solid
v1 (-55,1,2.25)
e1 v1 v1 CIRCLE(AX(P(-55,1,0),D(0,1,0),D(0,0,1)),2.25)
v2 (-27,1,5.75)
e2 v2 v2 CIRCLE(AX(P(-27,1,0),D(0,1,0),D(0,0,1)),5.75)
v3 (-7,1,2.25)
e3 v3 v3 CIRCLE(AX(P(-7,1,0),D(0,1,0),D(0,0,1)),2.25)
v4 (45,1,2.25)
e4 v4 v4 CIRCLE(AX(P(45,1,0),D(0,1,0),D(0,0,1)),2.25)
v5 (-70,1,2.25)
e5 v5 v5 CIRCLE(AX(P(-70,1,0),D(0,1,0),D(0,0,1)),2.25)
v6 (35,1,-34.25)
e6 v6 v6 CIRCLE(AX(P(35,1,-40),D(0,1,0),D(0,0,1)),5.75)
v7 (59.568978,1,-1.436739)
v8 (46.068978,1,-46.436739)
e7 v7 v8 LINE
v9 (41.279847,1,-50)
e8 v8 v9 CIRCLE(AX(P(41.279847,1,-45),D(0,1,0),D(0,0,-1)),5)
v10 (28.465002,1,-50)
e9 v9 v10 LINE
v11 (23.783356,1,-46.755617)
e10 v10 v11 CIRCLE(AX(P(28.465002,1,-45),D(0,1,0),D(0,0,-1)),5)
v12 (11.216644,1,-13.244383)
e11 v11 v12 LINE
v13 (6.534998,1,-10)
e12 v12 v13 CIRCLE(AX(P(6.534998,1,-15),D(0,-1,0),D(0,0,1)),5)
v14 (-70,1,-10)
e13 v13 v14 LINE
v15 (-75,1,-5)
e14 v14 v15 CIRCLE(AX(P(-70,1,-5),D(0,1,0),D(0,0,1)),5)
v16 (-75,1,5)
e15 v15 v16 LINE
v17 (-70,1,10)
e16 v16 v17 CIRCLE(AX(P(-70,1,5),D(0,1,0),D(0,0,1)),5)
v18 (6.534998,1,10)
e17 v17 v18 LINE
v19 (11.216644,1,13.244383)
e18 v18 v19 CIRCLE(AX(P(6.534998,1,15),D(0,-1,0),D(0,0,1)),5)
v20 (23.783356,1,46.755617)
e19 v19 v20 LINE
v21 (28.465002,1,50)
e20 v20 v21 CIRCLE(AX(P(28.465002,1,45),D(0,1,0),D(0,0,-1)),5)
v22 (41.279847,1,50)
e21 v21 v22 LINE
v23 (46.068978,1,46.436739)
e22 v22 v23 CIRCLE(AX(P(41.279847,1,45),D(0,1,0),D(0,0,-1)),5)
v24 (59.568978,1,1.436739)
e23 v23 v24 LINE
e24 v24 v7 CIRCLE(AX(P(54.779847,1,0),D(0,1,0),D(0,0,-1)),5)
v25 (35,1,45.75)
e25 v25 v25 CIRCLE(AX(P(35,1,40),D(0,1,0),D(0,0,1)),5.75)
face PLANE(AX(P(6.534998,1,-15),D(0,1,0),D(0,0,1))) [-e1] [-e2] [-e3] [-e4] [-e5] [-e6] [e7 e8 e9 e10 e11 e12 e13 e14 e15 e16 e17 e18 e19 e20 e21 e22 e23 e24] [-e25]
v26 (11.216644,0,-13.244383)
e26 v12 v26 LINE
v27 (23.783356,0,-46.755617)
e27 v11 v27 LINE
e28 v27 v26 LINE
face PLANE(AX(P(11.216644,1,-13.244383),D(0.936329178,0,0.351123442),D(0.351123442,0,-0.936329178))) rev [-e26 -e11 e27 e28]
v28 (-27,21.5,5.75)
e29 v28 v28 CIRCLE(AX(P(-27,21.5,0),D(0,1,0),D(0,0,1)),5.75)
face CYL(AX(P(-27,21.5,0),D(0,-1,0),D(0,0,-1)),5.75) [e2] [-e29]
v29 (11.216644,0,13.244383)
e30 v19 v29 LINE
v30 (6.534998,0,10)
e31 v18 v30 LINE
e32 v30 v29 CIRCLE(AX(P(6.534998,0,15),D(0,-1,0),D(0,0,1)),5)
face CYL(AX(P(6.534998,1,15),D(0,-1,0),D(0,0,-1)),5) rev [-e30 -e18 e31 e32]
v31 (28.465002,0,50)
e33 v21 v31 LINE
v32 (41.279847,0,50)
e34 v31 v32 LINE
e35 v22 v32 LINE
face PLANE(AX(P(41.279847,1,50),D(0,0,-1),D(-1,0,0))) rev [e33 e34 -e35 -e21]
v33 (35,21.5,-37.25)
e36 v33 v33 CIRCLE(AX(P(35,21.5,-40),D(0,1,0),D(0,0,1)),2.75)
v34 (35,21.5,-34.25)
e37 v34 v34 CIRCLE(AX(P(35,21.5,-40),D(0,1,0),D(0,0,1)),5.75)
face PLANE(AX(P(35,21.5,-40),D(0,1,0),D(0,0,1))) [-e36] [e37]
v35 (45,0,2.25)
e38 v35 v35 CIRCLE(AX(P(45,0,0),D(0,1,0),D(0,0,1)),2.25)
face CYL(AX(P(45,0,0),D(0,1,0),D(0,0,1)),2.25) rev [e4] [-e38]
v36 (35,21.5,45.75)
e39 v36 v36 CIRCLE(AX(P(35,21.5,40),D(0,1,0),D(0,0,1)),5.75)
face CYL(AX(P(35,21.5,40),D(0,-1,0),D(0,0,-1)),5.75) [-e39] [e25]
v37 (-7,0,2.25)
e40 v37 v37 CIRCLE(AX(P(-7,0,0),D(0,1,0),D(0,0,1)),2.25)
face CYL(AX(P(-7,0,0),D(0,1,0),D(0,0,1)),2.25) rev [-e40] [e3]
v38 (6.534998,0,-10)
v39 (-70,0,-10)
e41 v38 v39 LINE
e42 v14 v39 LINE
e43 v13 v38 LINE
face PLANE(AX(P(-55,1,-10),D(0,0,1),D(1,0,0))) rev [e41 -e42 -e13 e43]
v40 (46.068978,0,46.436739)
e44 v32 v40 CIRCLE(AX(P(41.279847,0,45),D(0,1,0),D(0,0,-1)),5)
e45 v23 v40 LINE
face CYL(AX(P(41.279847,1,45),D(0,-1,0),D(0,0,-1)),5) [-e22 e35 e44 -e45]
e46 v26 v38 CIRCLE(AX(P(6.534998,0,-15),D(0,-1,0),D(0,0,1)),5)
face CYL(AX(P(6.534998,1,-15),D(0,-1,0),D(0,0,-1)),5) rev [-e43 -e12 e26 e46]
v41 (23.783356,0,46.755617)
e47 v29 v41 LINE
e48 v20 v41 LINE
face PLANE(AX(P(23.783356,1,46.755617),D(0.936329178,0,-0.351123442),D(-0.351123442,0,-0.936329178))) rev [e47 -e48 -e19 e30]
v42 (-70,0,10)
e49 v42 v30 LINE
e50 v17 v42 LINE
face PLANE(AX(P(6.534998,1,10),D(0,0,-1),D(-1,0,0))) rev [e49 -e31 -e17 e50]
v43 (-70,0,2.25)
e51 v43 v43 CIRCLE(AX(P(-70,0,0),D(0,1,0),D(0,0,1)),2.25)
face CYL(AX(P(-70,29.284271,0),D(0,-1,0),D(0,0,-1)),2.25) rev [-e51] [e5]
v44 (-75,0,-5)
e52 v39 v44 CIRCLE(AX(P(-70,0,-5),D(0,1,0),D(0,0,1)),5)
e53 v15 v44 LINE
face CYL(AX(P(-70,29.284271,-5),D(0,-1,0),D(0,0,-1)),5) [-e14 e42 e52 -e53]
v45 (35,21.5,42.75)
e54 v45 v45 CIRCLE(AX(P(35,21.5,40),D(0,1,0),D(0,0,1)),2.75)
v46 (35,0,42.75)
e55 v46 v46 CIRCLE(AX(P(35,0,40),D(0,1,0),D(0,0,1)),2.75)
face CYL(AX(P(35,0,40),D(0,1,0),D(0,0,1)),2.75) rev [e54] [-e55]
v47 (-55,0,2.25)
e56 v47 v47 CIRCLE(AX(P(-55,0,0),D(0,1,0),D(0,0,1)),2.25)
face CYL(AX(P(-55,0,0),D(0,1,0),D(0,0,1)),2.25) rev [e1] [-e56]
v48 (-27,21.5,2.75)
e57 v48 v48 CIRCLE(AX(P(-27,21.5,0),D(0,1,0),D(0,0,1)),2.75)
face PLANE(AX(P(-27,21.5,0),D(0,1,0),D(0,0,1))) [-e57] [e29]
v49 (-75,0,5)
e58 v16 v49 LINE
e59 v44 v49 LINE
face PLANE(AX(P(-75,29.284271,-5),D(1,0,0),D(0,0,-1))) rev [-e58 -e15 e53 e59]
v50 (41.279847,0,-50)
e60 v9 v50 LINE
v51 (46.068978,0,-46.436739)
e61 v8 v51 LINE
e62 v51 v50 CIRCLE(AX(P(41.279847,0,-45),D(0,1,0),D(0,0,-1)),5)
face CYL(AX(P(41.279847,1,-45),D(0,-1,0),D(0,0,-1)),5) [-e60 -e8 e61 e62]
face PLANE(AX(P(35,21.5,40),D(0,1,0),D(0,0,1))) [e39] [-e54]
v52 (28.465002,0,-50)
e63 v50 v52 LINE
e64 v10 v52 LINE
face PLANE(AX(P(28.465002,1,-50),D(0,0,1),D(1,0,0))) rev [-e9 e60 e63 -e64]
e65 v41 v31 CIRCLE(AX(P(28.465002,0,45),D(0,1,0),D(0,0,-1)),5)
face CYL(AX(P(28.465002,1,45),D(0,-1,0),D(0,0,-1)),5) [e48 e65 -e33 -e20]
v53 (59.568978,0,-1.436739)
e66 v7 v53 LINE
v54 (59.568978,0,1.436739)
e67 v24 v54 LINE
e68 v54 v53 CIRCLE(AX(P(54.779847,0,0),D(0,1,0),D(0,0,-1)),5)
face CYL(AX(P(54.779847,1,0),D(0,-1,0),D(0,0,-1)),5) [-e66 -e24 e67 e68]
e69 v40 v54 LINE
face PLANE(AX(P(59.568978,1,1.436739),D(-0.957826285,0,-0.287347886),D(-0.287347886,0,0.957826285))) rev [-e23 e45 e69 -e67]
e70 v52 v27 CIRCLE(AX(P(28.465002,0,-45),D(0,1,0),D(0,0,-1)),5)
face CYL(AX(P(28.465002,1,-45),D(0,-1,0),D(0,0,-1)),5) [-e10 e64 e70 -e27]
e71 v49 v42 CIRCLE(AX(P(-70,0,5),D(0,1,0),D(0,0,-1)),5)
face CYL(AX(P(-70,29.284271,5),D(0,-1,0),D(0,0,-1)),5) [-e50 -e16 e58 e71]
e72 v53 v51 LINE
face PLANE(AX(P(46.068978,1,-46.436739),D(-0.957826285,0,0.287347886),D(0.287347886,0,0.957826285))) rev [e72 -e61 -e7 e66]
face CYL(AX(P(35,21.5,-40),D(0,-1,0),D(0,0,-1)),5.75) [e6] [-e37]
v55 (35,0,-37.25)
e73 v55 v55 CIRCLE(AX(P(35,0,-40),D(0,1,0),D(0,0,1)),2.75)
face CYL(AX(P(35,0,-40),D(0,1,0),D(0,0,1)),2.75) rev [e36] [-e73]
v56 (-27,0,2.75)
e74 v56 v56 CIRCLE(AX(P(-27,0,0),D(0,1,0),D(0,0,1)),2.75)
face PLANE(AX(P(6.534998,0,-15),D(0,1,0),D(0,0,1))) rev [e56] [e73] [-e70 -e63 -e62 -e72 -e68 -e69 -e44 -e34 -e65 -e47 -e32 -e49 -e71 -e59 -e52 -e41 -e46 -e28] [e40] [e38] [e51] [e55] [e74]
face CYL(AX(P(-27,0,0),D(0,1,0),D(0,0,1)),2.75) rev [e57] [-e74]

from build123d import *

# Parameters (mm, degrees)
BOSS_EXTRUDE1_DEPTH = 1
SKETCH2_R           = 2.75
CUT_EXTRUDE1_DEPTH  = 2
SKETCH3_R           = 5.75
SKETCH3_R_2         = 2.75
BOSS_EXTRUDE2_DEPTH = 20.5
SKETCH4_R           = 2.25
CUT_EXTRUDE2_DEPTH  = 2
SKETCH5_R           = 2.25
BOSS_EXTRUDE3_DEPTH = 1
SKETCH6_R           = 2.25
CUT_EXTRUDE3_DEPTH  = 2


with BuildPart() as part:
    # Sketch1 → Boss-Extrude1 (new body)
    with BuildSketch(Plane(origin=(0, 0, 0), x_dir=(1, 0, 0), z_dir=(0, 1, 0))):
        with BuildLine():
            Line((-55, 10), (6.534997659, 10))
            ThreePointArc((6.534997659, 10), (9.382971848, 10.890371912), (11.216643547, 13.244382792))
            Line((11.216643547, 13.244382792), (23.783356453, 46.755617208))
            ThreePointArc((23.783356453, 46.755617208), (25.617028152, 49.109628088), (28.465002341, 50))
            Line((28.465002341, 50), (41.279846746, 50))
            ThreePointArc((41.279846746, 50), (44.264499394, 49.011464641), (46.068978172, 46.436739428))
            Line((46.068978172, 46.436739428), (59.568978172, 1.436739428))
            ThreePointArc((59.568978172, 1.436739428), (59.779846746, 0), (59.568978172, -1.436739428))
            Line((59.568978172, -1.436739428), (46.068978172, -46.436739428))
            ThreePointArc((46.068978172, -46.436739428), (44.264499394, -49.011464641), (41.279846746, -50))
            Line((41.279846746, -50), (28.465002341, -50))
            ThreePointArc((28.465002341, -50), (25.617028152, -49.109628088), (23.783356453, -46.755617208))
            Line((23.783356453, -46.755617208), (11.216643547, -13.244382792))
            ThreePointArc((11.216643547, -13.244382792), (9.382971848, -10.890371912), (6.534997659, -10))
            Line((6.534997659, -10), (-55, -10))
            ThreePointArc((-55, -10), (-58.535533906, -8.535533906), (-60, -5))
            Line((-60, -5), (-60, 5))
            ThreePointArc((-60, 5), (-58.535533906, 8.535533906), (-55, 10))
        make_face()
    extrude(amount=BOSS_EXTRUDE1_DEPTH)

    # Sketch2 → Cut-Extrude1 (cut, through all)
    with BuildSketch(Plane(origin=(0, 1, 0), x_dir=(1, 0, 0), z_dir=(0, 1, 0))):
        with Locations((-27, 0)):
            Circle(SKETCH2_R)
        with Locations((35, 40)):
            Circle(SKETCH2_R)
        with Locations((35, -40)):
            Circle(SKETCH2_R)
    extrude(amount=-CUT_EXTRUDE1_DEPTH, mode=Mode.SUBTRACT)

    # Sketch3 → Boss-Extrude2 (add)
    with BuildSketch(Plane(origin=(0, 1, 0), x_dir=(1, 0, 0), z_dir=(0, 1, 0))):
        with Locations((-27, 0)):
            Circle(SKETCH3_R)
        with Locations((-27, 0)):
            Circle(SKETCH3_R_2, mode=Mode.SUBTRACT)
        with Locations((35, 40)):
            Circle(SKETCH3_R)
        with Locations((35, 40)):
            Circle(SKETCH3_R_2, mode=Mode.SUBTRACT)
        with Locations((35, -40)):
            Circle(SKETCH3_R)
        with Locations((35, -40)):
            Circle(SKETCH3_R_2, mode=Mode.SUBTRACT)
    extrude(amount=BOSS_EXTRUDE2_DEPTH)

    # Sketch4 → Cut-Extrude2 (cut, through all)
    with BuildSketch(Plane(origin=(0, 1, 0), x_dir=(1, 0, 0), z_dir=(0, 1, 0))):
        with Locations((-55, 0)):
            Circle(SKETCH4_R)
        with Locations((45, 0)):
            Circle(SKETCH4_R)
        with Locations((-7, 0)):
            Circle(SKETCH4_R)
    extrude(amount=-CUT_EXTRUDE2_DEPTH, mode=Mode.SUBTRACT)

    # Sketch5 → Boss-Extrude3 (add)
    with BuildSketch(Plane(origin=(0, 0, 0), x_dir=(1, 0, 0), z_dir=(0, 1, 0))):
        with BuildLine():
            Line((-55, 10), (-70, 10))
            ThreePointArc((-70, 10), (-73.535533906, 8.535533906), (-75, 5))
            Line((-75, 5), (-75, -5))
            ThreePointArc((-75, -5), (-73.535533906, -8.535533906), (-70, -10))
            Line((-70, -10), (-55, -10))
            Line((-55, -10), (-55, 10))
        make_face()
        with Locations((-70, 0)):
            Circle(SKETCH5_R, mode=Mode.SUBTRACT)
    extrude(amount=BOSS_EXTRUDE3_DEPTH)

    # Sketch6 → Cut-Extrude3 (cut, through all)
    with BuildSketch(Plane(origin=(0, 1, 0), x_dir=(1, 0, 0), z_dir=(0, 1, 0))):
        with Locations((-55, 0)):
            Circle(SKETCH6_R)
    extrude(amount=-CUT_EXTRUDE3_DEPTH, mode=Mode.SUBTRACT)


solid = part.part
